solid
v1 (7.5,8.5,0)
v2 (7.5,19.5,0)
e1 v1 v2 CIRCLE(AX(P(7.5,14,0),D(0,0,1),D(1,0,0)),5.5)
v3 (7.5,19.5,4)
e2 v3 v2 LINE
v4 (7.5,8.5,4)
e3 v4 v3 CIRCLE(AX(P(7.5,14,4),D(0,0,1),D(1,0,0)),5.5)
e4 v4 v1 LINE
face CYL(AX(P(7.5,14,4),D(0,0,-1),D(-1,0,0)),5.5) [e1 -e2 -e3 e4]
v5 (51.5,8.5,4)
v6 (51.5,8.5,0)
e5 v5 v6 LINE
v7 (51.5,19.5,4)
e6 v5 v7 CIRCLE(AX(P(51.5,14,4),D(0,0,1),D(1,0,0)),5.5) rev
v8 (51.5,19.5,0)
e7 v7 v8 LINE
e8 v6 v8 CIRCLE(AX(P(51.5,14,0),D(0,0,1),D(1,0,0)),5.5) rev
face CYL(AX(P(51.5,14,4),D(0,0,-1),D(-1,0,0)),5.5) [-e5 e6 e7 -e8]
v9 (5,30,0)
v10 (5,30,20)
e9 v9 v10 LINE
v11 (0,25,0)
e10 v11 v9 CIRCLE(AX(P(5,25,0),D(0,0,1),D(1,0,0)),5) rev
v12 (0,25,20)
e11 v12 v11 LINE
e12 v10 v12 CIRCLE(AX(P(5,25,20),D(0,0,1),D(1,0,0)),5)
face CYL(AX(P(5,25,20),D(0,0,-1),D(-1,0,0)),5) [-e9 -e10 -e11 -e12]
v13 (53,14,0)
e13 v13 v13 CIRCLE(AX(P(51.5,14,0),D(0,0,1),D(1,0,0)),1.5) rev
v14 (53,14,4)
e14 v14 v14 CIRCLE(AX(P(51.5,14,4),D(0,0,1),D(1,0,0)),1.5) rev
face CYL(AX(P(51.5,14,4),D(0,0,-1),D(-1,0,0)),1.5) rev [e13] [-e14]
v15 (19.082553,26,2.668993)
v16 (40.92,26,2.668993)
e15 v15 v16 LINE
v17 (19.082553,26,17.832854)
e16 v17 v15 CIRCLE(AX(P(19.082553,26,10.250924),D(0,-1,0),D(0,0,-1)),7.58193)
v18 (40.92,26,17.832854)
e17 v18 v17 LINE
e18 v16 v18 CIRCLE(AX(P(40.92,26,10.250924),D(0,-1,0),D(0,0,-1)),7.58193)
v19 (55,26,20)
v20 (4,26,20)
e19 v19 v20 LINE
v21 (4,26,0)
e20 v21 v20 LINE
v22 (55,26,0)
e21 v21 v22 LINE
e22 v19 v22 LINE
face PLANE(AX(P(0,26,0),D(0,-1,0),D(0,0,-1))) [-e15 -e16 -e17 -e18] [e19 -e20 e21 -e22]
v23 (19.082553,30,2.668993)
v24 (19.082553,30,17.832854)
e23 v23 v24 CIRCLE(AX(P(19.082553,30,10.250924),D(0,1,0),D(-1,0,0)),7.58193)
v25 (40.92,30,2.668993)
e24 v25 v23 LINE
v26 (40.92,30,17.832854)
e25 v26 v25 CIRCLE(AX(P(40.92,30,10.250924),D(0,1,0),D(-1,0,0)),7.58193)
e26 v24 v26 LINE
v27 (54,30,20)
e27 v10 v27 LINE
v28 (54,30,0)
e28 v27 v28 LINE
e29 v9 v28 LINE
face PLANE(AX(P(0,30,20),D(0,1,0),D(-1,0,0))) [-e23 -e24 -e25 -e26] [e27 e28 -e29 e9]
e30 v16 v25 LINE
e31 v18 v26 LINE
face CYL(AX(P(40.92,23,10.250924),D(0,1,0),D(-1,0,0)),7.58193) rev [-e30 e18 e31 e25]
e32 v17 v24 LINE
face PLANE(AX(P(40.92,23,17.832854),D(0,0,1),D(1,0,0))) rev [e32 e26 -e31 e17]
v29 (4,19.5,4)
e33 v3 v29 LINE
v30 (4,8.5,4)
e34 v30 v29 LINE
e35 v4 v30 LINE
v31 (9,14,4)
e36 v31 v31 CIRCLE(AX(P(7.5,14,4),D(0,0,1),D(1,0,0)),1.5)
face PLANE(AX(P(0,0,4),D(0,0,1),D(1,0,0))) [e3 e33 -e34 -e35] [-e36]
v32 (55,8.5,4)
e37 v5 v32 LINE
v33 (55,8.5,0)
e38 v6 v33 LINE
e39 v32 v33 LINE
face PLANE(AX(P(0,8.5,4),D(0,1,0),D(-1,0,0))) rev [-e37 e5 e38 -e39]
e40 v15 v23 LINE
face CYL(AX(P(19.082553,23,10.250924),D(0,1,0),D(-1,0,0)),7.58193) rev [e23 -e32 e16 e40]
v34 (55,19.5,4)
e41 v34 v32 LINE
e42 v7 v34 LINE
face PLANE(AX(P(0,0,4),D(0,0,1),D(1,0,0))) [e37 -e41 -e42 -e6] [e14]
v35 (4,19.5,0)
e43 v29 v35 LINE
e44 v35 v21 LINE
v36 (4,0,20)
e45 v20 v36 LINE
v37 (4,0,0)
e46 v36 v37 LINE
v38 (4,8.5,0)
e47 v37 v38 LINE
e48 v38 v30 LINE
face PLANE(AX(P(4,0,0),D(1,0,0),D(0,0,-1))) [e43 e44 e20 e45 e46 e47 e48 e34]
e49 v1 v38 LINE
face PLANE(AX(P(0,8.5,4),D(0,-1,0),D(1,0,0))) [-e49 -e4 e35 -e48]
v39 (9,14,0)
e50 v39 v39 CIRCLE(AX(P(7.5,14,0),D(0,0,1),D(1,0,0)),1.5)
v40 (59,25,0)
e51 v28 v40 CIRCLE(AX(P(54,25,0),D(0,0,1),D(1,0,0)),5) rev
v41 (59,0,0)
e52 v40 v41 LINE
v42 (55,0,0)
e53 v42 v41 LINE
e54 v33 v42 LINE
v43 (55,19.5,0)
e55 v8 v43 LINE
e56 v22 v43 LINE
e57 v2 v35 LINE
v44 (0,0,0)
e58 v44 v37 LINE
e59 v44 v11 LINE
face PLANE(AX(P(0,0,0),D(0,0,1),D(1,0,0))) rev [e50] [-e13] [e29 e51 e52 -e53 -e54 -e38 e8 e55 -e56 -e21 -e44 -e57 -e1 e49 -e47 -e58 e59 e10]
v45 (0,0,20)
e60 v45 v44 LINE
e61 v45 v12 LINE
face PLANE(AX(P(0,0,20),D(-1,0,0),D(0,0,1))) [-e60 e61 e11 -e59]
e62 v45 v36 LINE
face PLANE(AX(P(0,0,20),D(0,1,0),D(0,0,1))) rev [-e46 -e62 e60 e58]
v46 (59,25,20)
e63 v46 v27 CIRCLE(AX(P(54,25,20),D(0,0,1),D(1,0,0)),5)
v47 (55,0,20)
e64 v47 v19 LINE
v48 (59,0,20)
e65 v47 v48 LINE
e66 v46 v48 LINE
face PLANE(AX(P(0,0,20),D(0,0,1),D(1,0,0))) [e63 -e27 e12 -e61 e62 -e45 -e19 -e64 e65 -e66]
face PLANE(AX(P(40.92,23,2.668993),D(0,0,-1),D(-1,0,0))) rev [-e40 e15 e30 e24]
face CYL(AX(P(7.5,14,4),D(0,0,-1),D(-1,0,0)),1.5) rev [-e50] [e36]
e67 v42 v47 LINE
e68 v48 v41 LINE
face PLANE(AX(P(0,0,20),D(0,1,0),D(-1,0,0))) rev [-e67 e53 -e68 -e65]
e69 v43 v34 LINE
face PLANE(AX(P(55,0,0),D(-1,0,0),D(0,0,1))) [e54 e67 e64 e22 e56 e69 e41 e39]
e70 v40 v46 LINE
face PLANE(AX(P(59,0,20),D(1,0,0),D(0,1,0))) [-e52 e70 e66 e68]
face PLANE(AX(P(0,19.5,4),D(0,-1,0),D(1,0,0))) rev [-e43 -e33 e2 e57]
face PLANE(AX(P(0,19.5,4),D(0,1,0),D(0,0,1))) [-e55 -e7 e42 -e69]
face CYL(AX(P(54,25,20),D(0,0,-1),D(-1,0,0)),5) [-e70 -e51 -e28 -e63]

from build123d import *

# Parameters (mm, degrees)
SKETCH_1_R          = 1.5
EXTRUDE_1_DEPTH     = 4
EXTRUDE_1_2_DEPTH   = 4
EXTRUDE_2_DEPTH     = 20
FILLET_2_R          = 5
SKETCH_4_W          = 55
SKETCH_4_H          = 20
EXTRUDE_3_DEPTH     = 2
EXTRUDE_4_DEPTH     = 2
EXTRUDE_5_DEPTH     = 2
CUT_EXTRUDE_2_DEPTH = 7


with BuildPart() as part:
    # 草图1 → 凸台-拉伸1 (new body)
    with BuildSketch(Plane.XY):
        with BuildLine():
            Line((2, 19.5), (2, 8.5))
            Line((2, 8.5), (7.5, 8.5))
            ThreePointArc((7.5, 8.5), (13, 14), (7.5, 19.5))
            Line((7.5, 19.5), (2, 19.5))
        make_face()
        with Locations((7.5, 14)):
            Circle(SKETCH_1_R, mode=Mode.SUBTRACT)
    extrude(amount=EXTRUDE_1_DEPTH)



with BuildPart() as body_2:
    # 草图1 → Extrude 1 2 (new body)
    with BuildSketch(Plane.XY):
        with BuildLine():
            Line((51.5, 8.5), (57, 8.5))
            Line((57, 8.5), (57, 19.5))
            Line((57, 19.5), (51.5, 19.5))
            ThreePointArc((51.5, 19.5), (46, 14), (51.5, 8.5))
        make_face()
        with Locations((51.5, 14)):
            Circle(SKETCH_1_R, mode=Mode.SUBTRACT)
    extrude(amount=EXTRUDE_1_2_DEPTH)


with BuildPart() as part_1:
    add(part.part)

    add(body_2.part)  # 凸台-拉伸2 merges body 2
    # 草图1<3> → 凸台-拉伸2 (add)
    with BuildSketch(Plane.XY):
        Polygon((0, 30), (0, 0), (2, 0), (2, 8.5), (2, 19.5), (2, 28), (57, 28), (57, 19.5), (57, 8.5), (57, 0), (59, 0), (59, 30), align=None)
    extrude(amount=EXTRUDE_2_DEPTH)

    # 圆角2
    fillet_2_edges = [part_1.edges().sort_by_distance(p)[0] for p in [
        (59, 30, 10),
        (0, 30, 10),
    ]]
    fillet(fillet_2_edges, radius=FILLET_2_R)

    # 草图4 → 凸台-拉伸3 (add)
    with BuildSketch(Plane.XZ.offset(-28)):
        with Locations((29.5, 10)):
            Rectangle(SKETCH_4_W, SKETCH_4_H)
    extrude(amount=EXTRUDE_3_DEPTH)

    # 草图5 → 凸台-拉伸4 (add)
    with BuildSketch(Plane(origin=(2, 0, 0), x_dir=(0, 0, -1), z_dir=(1, 0, 0))):
        Polygon((0, 8.5), (-4, 8.5), (-4, 19.5), (0, 19.5), (0, 26), (-20, 26), (-20, 0), (0, 0), align=None)
    extrude(amount=EXTRUDE_4_DEPTH)

    # 草图7 → 凸台-拉伸5 (add)
    with BuildSketch(Plane.ZY.offset(-57)):
        Polygon((0, 19.5), (4, 19.5), (4, 8.5), (0, 8.5), (0, 0), (20, 0), (20, 26), (0, 26), align=None)
    extrude(amount=EXTRUDE_5_DEPTH)

    # 草图8 → 切除-拉伸2 (cut)
    with BuildSketch(Plane(origin=(0, 30, 0), x_dir=(1, 0, 0), z_dir=(0, 1, 0))):
        with BuildLine():
            Line((40.92, -17.832853898), (19.082552531, -17.832853898))
            ThreePointArc((19.082552531, -17.832853898), (11.500622297, -10.250923663), (19.082552531, -2.668993429))
            Line((19.082552531, -2.668993429), (40.92, -2.668993429))
            ThreePointArc((40.92, -2.668993429), (48.501930234, -10.250923663), (40.92, -17.832853898))
        make_face()
    extrude(amount=-CUT_EXTRUDE_2_DEPTH, mode=Mode.SUBTRACT)


solid = part_1.part
